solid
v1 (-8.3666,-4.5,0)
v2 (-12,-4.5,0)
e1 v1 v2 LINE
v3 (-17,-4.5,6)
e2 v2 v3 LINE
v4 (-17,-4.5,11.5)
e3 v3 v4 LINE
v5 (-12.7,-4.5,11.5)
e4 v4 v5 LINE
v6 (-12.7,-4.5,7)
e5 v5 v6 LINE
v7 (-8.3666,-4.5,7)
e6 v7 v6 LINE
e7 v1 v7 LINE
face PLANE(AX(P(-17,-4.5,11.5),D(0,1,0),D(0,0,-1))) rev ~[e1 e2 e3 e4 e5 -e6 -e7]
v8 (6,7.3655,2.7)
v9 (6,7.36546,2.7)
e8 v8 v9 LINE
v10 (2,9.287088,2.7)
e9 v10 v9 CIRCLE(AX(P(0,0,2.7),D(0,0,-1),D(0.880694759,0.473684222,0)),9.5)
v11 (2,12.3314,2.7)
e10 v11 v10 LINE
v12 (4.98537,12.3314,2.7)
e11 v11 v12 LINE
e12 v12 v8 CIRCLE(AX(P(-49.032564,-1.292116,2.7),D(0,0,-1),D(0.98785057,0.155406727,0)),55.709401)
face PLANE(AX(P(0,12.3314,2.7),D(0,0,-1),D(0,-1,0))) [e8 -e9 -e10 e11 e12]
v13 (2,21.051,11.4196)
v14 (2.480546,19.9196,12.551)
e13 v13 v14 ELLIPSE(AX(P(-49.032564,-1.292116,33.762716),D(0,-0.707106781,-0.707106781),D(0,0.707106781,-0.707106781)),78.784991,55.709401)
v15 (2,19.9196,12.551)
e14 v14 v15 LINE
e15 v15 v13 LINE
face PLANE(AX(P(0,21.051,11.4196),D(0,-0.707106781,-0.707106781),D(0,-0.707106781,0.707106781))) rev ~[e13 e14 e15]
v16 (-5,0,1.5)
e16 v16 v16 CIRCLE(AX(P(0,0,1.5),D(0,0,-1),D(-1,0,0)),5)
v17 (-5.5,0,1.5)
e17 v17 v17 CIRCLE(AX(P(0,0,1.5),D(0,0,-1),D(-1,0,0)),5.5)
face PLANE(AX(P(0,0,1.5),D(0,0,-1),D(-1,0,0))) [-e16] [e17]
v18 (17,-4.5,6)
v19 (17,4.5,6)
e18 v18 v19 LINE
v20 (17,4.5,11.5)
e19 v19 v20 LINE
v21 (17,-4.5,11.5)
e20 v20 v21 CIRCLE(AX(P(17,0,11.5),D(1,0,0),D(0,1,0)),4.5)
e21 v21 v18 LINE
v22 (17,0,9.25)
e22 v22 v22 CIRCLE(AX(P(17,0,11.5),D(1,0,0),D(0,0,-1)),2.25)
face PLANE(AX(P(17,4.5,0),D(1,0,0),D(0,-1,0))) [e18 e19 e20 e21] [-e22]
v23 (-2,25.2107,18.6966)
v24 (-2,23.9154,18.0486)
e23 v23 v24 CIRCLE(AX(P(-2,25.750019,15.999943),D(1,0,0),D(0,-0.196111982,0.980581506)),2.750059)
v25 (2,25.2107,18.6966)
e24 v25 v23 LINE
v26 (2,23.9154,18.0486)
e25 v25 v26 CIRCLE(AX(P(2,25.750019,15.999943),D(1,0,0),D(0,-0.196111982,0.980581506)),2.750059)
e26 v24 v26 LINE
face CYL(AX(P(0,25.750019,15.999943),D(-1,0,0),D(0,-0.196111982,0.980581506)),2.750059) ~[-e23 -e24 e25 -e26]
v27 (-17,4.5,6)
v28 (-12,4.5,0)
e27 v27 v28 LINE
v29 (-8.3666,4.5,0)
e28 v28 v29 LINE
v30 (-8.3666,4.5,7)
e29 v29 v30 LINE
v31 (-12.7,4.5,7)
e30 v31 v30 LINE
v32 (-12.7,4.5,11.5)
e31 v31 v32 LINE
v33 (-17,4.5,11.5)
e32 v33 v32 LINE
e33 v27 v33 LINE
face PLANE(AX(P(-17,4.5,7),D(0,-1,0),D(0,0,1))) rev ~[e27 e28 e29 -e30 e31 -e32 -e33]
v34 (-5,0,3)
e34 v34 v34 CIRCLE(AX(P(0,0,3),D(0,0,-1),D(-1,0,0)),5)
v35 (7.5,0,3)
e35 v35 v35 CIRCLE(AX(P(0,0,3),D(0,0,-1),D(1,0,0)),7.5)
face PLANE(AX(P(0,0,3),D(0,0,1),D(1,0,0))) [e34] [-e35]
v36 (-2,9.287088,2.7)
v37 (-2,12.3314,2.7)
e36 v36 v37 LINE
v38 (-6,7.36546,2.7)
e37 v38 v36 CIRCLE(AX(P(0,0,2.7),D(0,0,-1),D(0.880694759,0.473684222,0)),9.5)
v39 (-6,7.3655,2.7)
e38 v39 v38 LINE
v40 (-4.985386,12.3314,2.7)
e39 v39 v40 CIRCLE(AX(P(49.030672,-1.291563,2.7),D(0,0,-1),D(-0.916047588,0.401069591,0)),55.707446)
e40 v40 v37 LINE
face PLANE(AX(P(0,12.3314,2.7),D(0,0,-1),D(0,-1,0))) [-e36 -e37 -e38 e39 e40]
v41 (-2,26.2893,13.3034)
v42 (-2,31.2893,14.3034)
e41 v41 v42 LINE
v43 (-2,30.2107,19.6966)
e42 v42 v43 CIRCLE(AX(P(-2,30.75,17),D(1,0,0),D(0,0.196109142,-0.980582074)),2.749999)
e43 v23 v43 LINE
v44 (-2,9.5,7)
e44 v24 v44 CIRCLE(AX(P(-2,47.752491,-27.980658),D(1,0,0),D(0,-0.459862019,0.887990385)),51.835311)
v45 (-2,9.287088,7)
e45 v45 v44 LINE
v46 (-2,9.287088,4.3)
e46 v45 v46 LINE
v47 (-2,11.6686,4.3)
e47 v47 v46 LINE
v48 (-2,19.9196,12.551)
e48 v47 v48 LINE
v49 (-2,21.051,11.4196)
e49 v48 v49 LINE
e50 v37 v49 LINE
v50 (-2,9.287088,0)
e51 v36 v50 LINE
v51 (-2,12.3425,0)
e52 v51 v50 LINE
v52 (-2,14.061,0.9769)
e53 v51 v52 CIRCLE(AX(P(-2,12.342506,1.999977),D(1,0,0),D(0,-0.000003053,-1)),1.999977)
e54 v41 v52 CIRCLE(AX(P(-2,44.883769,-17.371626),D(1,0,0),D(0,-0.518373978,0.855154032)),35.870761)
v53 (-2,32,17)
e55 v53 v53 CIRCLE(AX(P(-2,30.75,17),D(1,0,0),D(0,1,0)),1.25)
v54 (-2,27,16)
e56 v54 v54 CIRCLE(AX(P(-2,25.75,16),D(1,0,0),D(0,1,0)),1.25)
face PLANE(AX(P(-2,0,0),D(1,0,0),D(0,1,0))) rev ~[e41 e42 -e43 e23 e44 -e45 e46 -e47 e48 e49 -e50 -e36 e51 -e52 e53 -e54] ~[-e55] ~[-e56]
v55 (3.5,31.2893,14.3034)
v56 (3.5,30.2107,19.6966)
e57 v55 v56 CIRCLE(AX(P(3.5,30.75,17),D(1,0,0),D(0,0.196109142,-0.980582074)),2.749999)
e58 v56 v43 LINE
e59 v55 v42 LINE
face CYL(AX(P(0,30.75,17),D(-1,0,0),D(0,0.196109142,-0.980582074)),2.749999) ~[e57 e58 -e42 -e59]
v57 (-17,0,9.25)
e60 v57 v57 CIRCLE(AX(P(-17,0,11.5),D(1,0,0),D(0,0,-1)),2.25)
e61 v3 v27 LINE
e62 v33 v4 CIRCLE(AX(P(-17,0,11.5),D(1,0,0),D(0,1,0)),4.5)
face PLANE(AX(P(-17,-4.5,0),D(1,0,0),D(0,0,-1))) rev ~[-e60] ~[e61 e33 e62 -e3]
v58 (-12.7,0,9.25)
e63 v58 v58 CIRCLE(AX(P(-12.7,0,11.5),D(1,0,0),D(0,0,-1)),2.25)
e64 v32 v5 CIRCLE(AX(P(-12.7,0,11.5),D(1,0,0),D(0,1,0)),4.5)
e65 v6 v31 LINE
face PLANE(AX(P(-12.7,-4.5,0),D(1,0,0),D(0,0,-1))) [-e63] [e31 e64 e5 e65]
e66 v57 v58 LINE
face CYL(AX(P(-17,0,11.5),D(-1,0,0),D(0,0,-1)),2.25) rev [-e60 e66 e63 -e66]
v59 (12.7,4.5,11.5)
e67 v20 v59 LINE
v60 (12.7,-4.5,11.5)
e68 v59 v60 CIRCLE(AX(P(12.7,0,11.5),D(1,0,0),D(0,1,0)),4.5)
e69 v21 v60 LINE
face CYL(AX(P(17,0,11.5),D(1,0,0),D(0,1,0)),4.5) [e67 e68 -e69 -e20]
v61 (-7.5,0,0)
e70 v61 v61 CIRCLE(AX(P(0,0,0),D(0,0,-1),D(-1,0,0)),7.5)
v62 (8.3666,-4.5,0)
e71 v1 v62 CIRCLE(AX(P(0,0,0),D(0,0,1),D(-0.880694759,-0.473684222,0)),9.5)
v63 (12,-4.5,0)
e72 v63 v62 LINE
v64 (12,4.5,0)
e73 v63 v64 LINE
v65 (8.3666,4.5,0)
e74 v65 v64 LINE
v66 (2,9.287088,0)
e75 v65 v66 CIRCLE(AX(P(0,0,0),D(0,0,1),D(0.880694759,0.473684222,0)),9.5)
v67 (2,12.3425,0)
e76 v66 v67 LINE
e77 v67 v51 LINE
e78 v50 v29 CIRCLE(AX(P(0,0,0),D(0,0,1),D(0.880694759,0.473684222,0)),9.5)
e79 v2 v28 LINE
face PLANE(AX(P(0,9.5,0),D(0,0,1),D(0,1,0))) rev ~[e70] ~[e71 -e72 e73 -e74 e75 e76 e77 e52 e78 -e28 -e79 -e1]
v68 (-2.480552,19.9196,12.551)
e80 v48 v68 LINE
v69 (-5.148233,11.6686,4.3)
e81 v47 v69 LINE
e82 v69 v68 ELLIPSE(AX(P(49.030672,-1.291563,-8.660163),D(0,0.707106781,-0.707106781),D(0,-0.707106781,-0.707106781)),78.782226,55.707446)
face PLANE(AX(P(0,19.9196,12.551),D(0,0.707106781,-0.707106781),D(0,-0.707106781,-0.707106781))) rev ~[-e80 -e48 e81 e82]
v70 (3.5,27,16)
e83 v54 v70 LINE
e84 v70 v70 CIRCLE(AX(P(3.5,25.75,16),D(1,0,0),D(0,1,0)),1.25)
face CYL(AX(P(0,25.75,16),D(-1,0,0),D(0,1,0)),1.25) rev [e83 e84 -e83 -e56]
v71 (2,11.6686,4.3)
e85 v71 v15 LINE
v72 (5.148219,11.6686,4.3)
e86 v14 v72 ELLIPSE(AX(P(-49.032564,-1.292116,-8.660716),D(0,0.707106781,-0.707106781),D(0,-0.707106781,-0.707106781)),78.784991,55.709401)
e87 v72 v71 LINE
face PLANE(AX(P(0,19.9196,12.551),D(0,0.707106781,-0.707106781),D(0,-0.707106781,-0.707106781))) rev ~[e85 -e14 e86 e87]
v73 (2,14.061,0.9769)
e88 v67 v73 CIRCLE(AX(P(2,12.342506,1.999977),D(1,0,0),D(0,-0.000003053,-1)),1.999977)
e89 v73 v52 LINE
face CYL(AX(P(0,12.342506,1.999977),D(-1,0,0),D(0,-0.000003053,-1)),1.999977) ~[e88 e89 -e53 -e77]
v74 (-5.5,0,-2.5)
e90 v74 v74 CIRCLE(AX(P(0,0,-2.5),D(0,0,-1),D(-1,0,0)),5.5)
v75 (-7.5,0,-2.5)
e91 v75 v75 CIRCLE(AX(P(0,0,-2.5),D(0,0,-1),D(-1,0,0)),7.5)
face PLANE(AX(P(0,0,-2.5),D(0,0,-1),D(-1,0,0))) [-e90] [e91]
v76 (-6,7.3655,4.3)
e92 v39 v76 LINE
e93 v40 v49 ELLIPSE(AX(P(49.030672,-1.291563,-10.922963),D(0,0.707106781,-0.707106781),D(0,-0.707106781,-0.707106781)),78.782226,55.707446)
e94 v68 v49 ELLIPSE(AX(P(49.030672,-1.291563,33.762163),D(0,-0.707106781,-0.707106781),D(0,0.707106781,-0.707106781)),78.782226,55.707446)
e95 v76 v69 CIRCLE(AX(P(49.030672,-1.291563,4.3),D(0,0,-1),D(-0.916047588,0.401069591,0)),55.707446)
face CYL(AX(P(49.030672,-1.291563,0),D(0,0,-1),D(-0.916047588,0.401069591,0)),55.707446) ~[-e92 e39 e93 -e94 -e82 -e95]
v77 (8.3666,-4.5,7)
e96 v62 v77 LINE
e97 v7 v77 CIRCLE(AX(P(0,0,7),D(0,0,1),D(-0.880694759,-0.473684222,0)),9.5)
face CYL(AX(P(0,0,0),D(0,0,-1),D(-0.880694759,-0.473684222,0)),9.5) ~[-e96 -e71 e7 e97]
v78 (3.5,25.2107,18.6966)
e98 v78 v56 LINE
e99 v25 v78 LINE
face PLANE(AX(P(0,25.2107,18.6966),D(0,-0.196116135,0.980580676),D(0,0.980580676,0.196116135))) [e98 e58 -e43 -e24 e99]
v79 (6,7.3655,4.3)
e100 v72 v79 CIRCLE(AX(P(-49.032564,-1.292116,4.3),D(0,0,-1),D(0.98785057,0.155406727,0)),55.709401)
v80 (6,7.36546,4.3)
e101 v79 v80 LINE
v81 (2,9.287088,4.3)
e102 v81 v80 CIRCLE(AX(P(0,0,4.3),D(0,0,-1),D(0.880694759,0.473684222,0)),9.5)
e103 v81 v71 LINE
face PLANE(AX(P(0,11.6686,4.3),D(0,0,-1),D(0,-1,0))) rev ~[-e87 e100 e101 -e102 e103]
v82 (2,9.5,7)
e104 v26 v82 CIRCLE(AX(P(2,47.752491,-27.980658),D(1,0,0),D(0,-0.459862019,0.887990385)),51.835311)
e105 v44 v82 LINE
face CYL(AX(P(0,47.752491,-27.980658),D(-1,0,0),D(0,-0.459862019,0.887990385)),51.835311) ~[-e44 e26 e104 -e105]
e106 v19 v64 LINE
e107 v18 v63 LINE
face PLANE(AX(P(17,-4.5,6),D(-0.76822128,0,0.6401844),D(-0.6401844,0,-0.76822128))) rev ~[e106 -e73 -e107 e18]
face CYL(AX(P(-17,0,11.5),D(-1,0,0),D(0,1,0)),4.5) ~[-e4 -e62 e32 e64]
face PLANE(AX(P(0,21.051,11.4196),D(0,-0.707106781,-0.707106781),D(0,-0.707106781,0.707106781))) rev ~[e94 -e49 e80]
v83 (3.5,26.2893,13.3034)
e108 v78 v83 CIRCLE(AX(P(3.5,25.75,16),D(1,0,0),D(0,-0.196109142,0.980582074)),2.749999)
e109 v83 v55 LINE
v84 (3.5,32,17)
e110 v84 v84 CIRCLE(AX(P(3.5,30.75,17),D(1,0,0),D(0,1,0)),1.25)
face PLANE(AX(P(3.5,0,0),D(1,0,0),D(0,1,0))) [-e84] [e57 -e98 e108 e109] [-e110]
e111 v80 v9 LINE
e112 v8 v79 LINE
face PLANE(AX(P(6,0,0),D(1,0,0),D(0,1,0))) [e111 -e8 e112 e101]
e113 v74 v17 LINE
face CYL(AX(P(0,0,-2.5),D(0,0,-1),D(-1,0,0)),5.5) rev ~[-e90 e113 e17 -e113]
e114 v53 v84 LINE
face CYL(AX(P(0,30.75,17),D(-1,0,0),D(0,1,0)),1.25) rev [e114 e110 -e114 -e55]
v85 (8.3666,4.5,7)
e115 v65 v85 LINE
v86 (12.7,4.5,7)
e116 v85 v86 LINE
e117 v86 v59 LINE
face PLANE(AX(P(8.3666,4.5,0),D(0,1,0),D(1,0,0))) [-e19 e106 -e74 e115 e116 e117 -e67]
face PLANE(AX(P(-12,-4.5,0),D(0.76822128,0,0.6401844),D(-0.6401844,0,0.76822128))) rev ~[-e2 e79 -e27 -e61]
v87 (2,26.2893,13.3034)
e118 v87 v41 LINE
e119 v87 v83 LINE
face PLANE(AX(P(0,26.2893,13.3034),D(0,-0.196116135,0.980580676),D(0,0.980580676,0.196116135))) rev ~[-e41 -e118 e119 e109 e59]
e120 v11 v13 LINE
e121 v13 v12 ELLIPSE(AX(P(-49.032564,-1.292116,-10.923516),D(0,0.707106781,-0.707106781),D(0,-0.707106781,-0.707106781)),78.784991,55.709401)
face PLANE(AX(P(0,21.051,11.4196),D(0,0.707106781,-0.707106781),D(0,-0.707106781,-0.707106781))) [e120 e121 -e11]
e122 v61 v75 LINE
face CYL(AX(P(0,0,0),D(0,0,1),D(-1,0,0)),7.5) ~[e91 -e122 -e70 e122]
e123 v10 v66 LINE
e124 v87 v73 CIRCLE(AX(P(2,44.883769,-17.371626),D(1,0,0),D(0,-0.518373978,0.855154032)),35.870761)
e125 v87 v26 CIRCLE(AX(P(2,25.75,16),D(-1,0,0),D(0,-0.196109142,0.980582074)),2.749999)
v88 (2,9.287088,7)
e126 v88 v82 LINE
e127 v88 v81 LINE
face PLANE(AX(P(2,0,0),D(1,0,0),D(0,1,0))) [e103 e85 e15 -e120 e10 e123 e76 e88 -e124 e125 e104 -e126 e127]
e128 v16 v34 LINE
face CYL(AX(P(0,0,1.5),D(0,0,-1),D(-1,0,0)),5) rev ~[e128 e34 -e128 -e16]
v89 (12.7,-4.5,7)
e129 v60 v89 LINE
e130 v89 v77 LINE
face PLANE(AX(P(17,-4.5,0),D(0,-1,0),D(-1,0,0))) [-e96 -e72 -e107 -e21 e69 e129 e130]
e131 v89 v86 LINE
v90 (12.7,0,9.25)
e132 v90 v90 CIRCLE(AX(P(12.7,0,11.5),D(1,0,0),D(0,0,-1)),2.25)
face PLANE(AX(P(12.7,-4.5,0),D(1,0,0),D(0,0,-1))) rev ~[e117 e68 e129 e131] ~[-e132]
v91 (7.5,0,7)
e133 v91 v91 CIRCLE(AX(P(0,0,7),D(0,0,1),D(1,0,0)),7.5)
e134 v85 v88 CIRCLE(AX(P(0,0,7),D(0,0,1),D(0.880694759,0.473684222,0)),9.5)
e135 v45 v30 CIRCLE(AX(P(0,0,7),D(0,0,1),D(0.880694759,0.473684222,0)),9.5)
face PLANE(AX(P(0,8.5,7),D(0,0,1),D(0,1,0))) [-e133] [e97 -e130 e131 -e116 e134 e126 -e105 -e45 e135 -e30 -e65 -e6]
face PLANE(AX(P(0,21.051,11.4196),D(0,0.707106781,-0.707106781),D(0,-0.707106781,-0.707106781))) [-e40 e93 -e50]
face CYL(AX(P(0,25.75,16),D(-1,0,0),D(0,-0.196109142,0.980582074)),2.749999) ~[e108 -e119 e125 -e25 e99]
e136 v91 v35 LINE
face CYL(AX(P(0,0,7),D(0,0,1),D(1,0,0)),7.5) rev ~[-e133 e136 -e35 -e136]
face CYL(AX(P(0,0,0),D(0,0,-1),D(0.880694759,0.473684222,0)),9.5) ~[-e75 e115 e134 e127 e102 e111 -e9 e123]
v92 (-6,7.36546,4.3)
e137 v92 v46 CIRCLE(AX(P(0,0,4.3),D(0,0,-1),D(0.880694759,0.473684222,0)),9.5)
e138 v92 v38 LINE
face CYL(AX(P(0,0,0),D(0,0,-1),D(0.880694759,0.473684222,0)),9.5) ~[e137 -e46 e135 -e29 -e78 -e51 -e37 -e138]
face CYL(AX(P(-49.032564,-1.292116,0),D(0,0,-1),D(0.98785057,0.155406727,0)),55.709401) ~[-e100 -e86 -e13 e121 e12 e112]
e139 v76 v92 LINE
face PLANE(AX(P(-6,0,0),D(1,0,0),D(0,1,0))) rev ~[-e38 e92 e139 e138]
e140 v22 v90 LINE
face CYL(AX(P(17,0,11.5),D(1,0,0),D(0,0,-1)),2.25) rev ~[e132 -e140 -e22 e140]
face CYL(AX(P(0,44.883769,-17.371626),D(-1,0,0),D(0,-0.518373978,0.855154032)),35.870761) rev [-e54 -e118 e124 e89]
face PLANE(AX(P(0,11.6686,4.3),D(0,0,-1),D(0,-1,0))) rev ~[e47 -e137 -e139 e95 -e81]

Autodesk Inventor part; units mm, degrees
ref_plane "YZ Plane" through (0, 0, 0) normal (1, 0, 0) x (0, 1, 0)
ref_plane "XZ Plane" through (0, 0, 0) normal (0, 1, 0) x (-1, 0, 0)
ref_plane "XY Plane" through (0, 0, 0) normal (0, 0, 1) x (1, 0, 0)
sketch "Sketch1" plane through (0, 0, 0) normal (0, 0, 1) x (1, 0, 0)
  line L0 (17, 4.5) -> (17, -4.5)
  line L1 (-17, -4.5) -> (-17, 4.5)
  arc A0 (-8.3666, -4.5) -> (8.3666, -4.5) centre (0, 0) ccw
  arc A1 (8.3666, 4.5) -> (-8.3666, 4.5) centre (0, 0) ccw
  line L2 (-17, 4.5) -> (-8.3666, 4.5)
  line L3 (8.3666, 4.5) -> (17, 4.5)
  line L4 (17, -4.5) -> (8.3666, -4.5)
  line L5 (-8.3666, -4.5) -> (-17, -4.5)
  line L6 (-17, 4.5) -> (17, -4.5) construction
  line L7 (-17, -4.5) -> (17, 4.5) construction
  point P0 (0, 0)
  point P1 (0, 0)
  dimension "d0" = 9
  dimension "d1" = 34
  dimension "d2" = 9.5
  dimension "d3" = 9
  dimension "d4" = 9.5
  dimension "d12" = 4.5
extrude "Extrusion1" add sketch "Sketch1" along normal blind 7
sketch "Sketch2" plane through (17, -4.5, 0) normal (1, 0, 0) x (0, 0, -1)
  arc A0 (-11.5, 9) -> (-11.5, 0) centre (-11.5, 4.5) ccw
  circle A1 centre (-11.5, 4.5) radius 2.25
  line L0 (-7, 9) -> (-11.5, 9)
  line L1 (-11.5, 0) -> (-7, 0)
  line L2 (-7, 0) -> (-7, 9)
  point P0 (0, 4.5)
  point P1 (-7, 0)
  dimension "d7" = 9
  dimension "d8" = 4.5
  dimension "d9" = 9
extrude "Extrusion2" add sketch "Sketch2" against normal blind 4.3
extrude "Extrusion3" add sketch "Sketch2" along normal blind 4.3 from surface at -34
sketch "Sketch3" plane through (-17, -4.5, 0) normal (0, -1, 0) x (1, 0, 0)
  line L0 (0, 6) -> (0, 0)
  line L1 (0, 0) -> (5, 0)
  line L2 (5, 0) -> (0, 6)
  line L3 (29, 0) -> (34, 0)
  line L4 (34, 0) -> (34, 6)
  line L5 (34, 6) -> (29, 0)
  point P0 (17, 0)
  dimension "d15" = 6
  dimension "d16" = 5
  dimension "d17" = 6
  dimension "d18" = 5
extrude "Extrusion4" cut sketch "Sketch3" against normal up to next
sketch "Sketch4" plane through (0, 0, 0) normal (0, 0, -1) x (-1, 0, 0)
  circle A0 centre (0, 0) radius 7.5
  dimension "d21" = 15
extrude "Extrusion5" add sketch "Sketch4" along normal blind 2.5
sketch "Sketch5" plane through (0, 0, 7) normal (0, 0, 1) x (1, 0, 0)
  circle A0 centre (0, 0) radius 7.5
  dimension "d24" = 15
extrude "Extrusion6" cut sketch "Sketch5" against normal blind 4
sketch "Sketch6" plane through (0, 0, -2.5) normal (0, 0, -1) x (-1, 0, 0)
  circle A0 centre (0, 0) radius 5.5
  dimension "d27" = 11
extrude "Extrusion7" cut sketch "Sketch6" against normal blind 4
sketch "Sketch7" plane through (0, 0, 1.5) normal (0, 0, -1) x (-1, 0, 0)
  circle A0 centre (0, 0) radius 5
  dimension "d30" = 10
extrude "Extrusion8" cut sketch "Sketch7" against normal up to next
sketch "Sketch9" plane through (0, 0, 0) normal (1, 0, 0) x (0, 1, 0)
  arc A0 (31.2893, 14.3034) -> (30.2107, 19.6966) centre (30.75, 17) ccw
  line L0 (-9.5504, 0) -> (57.3026, 0) projected
  line L1 (0, -37.6235) -> (0, 29.8791) projected
  circle A1 centre (30.75, 17) radius 1.25
  arc A2 (25.2107, 18.6966) -> (23.9154, 18.0486) centre (25.75, 16) ccw
  circle A3 centre (25.75, 16) radius 1.25
  line L2 (9.5, 7) -> (9.5, 0)
  line L3 (9.5, 0) -> (12.3425, 0)
  line L4 (25.2107, 18.6966) -> (30.2107, 19.6966)
  line L5 (26.2893, 13.3034) -> (31.2893, 14.3034)
  arc A4 (23.9154, 18.0486) -> (9.5, 7) centre (47.7522, -27.9802) ccw
  arc A5 (26.2893, 13.3034) -> (14.061, 0.9769) centre (44.8843, -17.3723) ccw
  arc A6 (12.3425, 0) -> (14.061, 0.9769) centre (12.3425, 2) ccw
  line L6 (8.5, 7) -> (9.5, 7)
  line L7 (9.5, 7) -> (9.5, 0)
  line L8 (9.5, 0) -> (8.5, 0)
  line L9 (8.5, 0) -> (8.5, 7)
  point P0 (0, 0)
  point P1 (13.5, 0)
  dimension "d53" = 5.5
  dimension "d54" = 17
  dimension "d55" = 30.75
  dimension "d56" = 2.5
  dimension "d57" = 16
  dimension "d58" = 25.75
  dimension "d59" = 4
  dimension "d60" = 7
  dimension "d61" = 9.5
  dimension "d62" = 0
  dimension "d63" = 51.8348
  dimension "d64" = 35.8716
  dimension "d65" = 2
  dimension "d88" = 7
  dimension "d89" = 1
  dimension "d90" = 0
  dimension "d91" = 0
extrude "Extrusion9" add sketch "Sketch9" along normal mid plane 4 contours L5 A5 A6 L0 L2 A4 A2 L4 A0
sketch "Sketch10" plane through (0, 0, 0) normal (1, 0, 0) x (0, 1, 0)
  arc A0 (25.2107, 18.6966) -> (26.2893, 13.3034) centre (25.75, 16) ccw
  circle A1 centre (25.75, 16) radius 1.25 projected
  arc A2 (31.2893, 14.3034) -> (30.2107, 19.6966) centre (30.75, 17) ccw
  circle A3 centre (25.75, 16) radius 1.25
  circle A4 centre (30.75, 17) radius 1.25
  circle A5 centre (30.75, 17) radius 1.25 projected
  line L0 (25.2107, 18.6966) -> (30.2107, 19.6966)
  line L1 (26.2893, 13.3034) -> (31.2893, 14.3034)
  point P0 (0, 0)
  dimension "d68" = 5.5
  dimension "d69" = 2.5
extrude "Extrusion10" add sketch "Sketch10" along normal blind 3.5
sketch "Sketch11" plane through (0, 0, 0) normal (1, 0, 0) x (0, 1, 0)
  line L0 (-4.2102, 0) -> (25.2612, 0) projected
  line L1 (0, -2.5102) -> (0, 15.0612) projected
  line L2 (19.9196, 12.551) -> (11.6686, 4.3)
  line L3 (11.6686, 4.3) -> (0, 4.3)
  line L4 (21.051, 11.4196) -> (12.3314, 2.7)
  line L5 (12.3314, 2.7) -> (0, 2.7)
  line L6 (21.051, 11.4196) -> (19.9196, 12.551)
  line L7 (0, 4.3) -> (0, 2.7)
  point P0 (0, 0)
extrude "Extrusion11" add sketch "Sketch11" along normal mid plane 12
extrude "Extrusion12" cut sketch "Sketch5" against normal blind 4
extrude "Extrusion13" cut sketch "Sketch7" against normal through all
sketch "Sketch12" plane through (0, 0, 0) normal (0, 0, 1) x (1, 0, 0)
  line L0 (6, 7.3655) -> (6, 12.3314) projected
  line L1 (2, 21.051) -> (6, 21.051) projected
  arc A0 (6, 7.3655) -> (2, 21.051) centre (-49.0316, -1.2919) ccw
  line L2 (0, 0) -> (0, 16.5543) construction
  arc A1 (-2, 21.051) -> (-6, 7.3655) centre (49.0316, -1.2919) ccw
  line L3 (2, 14.061) -> (2, 14.061) construction
  line L4 (2, 21.051) -> (6, 21.051)
  line L5 (6, 7.3655) -> (6, 21.051)
  line L6 (-6, 7.3655) -> (-6, 21.051)
  line L7 (-2, 21.051) -> (-6, 21.051)
  point P0 (2, 26.2893)
extrude "Extrusion14" cut sketch "Sketch12" along normal up to next
sketch "Sketch13" plane through (0, 0, 0) normal (1, 0, 0) x (0, 1, 0)
  line L0 (8.5, 7) -> (9.5, 7)
  line L1 (9.5, 7) -> (9.5, 0)
  line L2 (9.5, 0) -> (8.5, 0)
  line L3 (8.5, 0) -> (8.5, 7)
  line L4 (0, -6.95) -> (0, 24.2) projected
  line L5 (-18.1, 0) -> (42.1, 0) projected
  point P0 (0, 0)
  dimension "d92" = 7
  dimension "d93" = 1
  dimension "d94" = 9.5
  dimension "d95" = 0
extrude "Extrusion15" add sketch "Sketch13" along normal mid plane 4
properties part number "RCT-P006_steering_knuckle"
